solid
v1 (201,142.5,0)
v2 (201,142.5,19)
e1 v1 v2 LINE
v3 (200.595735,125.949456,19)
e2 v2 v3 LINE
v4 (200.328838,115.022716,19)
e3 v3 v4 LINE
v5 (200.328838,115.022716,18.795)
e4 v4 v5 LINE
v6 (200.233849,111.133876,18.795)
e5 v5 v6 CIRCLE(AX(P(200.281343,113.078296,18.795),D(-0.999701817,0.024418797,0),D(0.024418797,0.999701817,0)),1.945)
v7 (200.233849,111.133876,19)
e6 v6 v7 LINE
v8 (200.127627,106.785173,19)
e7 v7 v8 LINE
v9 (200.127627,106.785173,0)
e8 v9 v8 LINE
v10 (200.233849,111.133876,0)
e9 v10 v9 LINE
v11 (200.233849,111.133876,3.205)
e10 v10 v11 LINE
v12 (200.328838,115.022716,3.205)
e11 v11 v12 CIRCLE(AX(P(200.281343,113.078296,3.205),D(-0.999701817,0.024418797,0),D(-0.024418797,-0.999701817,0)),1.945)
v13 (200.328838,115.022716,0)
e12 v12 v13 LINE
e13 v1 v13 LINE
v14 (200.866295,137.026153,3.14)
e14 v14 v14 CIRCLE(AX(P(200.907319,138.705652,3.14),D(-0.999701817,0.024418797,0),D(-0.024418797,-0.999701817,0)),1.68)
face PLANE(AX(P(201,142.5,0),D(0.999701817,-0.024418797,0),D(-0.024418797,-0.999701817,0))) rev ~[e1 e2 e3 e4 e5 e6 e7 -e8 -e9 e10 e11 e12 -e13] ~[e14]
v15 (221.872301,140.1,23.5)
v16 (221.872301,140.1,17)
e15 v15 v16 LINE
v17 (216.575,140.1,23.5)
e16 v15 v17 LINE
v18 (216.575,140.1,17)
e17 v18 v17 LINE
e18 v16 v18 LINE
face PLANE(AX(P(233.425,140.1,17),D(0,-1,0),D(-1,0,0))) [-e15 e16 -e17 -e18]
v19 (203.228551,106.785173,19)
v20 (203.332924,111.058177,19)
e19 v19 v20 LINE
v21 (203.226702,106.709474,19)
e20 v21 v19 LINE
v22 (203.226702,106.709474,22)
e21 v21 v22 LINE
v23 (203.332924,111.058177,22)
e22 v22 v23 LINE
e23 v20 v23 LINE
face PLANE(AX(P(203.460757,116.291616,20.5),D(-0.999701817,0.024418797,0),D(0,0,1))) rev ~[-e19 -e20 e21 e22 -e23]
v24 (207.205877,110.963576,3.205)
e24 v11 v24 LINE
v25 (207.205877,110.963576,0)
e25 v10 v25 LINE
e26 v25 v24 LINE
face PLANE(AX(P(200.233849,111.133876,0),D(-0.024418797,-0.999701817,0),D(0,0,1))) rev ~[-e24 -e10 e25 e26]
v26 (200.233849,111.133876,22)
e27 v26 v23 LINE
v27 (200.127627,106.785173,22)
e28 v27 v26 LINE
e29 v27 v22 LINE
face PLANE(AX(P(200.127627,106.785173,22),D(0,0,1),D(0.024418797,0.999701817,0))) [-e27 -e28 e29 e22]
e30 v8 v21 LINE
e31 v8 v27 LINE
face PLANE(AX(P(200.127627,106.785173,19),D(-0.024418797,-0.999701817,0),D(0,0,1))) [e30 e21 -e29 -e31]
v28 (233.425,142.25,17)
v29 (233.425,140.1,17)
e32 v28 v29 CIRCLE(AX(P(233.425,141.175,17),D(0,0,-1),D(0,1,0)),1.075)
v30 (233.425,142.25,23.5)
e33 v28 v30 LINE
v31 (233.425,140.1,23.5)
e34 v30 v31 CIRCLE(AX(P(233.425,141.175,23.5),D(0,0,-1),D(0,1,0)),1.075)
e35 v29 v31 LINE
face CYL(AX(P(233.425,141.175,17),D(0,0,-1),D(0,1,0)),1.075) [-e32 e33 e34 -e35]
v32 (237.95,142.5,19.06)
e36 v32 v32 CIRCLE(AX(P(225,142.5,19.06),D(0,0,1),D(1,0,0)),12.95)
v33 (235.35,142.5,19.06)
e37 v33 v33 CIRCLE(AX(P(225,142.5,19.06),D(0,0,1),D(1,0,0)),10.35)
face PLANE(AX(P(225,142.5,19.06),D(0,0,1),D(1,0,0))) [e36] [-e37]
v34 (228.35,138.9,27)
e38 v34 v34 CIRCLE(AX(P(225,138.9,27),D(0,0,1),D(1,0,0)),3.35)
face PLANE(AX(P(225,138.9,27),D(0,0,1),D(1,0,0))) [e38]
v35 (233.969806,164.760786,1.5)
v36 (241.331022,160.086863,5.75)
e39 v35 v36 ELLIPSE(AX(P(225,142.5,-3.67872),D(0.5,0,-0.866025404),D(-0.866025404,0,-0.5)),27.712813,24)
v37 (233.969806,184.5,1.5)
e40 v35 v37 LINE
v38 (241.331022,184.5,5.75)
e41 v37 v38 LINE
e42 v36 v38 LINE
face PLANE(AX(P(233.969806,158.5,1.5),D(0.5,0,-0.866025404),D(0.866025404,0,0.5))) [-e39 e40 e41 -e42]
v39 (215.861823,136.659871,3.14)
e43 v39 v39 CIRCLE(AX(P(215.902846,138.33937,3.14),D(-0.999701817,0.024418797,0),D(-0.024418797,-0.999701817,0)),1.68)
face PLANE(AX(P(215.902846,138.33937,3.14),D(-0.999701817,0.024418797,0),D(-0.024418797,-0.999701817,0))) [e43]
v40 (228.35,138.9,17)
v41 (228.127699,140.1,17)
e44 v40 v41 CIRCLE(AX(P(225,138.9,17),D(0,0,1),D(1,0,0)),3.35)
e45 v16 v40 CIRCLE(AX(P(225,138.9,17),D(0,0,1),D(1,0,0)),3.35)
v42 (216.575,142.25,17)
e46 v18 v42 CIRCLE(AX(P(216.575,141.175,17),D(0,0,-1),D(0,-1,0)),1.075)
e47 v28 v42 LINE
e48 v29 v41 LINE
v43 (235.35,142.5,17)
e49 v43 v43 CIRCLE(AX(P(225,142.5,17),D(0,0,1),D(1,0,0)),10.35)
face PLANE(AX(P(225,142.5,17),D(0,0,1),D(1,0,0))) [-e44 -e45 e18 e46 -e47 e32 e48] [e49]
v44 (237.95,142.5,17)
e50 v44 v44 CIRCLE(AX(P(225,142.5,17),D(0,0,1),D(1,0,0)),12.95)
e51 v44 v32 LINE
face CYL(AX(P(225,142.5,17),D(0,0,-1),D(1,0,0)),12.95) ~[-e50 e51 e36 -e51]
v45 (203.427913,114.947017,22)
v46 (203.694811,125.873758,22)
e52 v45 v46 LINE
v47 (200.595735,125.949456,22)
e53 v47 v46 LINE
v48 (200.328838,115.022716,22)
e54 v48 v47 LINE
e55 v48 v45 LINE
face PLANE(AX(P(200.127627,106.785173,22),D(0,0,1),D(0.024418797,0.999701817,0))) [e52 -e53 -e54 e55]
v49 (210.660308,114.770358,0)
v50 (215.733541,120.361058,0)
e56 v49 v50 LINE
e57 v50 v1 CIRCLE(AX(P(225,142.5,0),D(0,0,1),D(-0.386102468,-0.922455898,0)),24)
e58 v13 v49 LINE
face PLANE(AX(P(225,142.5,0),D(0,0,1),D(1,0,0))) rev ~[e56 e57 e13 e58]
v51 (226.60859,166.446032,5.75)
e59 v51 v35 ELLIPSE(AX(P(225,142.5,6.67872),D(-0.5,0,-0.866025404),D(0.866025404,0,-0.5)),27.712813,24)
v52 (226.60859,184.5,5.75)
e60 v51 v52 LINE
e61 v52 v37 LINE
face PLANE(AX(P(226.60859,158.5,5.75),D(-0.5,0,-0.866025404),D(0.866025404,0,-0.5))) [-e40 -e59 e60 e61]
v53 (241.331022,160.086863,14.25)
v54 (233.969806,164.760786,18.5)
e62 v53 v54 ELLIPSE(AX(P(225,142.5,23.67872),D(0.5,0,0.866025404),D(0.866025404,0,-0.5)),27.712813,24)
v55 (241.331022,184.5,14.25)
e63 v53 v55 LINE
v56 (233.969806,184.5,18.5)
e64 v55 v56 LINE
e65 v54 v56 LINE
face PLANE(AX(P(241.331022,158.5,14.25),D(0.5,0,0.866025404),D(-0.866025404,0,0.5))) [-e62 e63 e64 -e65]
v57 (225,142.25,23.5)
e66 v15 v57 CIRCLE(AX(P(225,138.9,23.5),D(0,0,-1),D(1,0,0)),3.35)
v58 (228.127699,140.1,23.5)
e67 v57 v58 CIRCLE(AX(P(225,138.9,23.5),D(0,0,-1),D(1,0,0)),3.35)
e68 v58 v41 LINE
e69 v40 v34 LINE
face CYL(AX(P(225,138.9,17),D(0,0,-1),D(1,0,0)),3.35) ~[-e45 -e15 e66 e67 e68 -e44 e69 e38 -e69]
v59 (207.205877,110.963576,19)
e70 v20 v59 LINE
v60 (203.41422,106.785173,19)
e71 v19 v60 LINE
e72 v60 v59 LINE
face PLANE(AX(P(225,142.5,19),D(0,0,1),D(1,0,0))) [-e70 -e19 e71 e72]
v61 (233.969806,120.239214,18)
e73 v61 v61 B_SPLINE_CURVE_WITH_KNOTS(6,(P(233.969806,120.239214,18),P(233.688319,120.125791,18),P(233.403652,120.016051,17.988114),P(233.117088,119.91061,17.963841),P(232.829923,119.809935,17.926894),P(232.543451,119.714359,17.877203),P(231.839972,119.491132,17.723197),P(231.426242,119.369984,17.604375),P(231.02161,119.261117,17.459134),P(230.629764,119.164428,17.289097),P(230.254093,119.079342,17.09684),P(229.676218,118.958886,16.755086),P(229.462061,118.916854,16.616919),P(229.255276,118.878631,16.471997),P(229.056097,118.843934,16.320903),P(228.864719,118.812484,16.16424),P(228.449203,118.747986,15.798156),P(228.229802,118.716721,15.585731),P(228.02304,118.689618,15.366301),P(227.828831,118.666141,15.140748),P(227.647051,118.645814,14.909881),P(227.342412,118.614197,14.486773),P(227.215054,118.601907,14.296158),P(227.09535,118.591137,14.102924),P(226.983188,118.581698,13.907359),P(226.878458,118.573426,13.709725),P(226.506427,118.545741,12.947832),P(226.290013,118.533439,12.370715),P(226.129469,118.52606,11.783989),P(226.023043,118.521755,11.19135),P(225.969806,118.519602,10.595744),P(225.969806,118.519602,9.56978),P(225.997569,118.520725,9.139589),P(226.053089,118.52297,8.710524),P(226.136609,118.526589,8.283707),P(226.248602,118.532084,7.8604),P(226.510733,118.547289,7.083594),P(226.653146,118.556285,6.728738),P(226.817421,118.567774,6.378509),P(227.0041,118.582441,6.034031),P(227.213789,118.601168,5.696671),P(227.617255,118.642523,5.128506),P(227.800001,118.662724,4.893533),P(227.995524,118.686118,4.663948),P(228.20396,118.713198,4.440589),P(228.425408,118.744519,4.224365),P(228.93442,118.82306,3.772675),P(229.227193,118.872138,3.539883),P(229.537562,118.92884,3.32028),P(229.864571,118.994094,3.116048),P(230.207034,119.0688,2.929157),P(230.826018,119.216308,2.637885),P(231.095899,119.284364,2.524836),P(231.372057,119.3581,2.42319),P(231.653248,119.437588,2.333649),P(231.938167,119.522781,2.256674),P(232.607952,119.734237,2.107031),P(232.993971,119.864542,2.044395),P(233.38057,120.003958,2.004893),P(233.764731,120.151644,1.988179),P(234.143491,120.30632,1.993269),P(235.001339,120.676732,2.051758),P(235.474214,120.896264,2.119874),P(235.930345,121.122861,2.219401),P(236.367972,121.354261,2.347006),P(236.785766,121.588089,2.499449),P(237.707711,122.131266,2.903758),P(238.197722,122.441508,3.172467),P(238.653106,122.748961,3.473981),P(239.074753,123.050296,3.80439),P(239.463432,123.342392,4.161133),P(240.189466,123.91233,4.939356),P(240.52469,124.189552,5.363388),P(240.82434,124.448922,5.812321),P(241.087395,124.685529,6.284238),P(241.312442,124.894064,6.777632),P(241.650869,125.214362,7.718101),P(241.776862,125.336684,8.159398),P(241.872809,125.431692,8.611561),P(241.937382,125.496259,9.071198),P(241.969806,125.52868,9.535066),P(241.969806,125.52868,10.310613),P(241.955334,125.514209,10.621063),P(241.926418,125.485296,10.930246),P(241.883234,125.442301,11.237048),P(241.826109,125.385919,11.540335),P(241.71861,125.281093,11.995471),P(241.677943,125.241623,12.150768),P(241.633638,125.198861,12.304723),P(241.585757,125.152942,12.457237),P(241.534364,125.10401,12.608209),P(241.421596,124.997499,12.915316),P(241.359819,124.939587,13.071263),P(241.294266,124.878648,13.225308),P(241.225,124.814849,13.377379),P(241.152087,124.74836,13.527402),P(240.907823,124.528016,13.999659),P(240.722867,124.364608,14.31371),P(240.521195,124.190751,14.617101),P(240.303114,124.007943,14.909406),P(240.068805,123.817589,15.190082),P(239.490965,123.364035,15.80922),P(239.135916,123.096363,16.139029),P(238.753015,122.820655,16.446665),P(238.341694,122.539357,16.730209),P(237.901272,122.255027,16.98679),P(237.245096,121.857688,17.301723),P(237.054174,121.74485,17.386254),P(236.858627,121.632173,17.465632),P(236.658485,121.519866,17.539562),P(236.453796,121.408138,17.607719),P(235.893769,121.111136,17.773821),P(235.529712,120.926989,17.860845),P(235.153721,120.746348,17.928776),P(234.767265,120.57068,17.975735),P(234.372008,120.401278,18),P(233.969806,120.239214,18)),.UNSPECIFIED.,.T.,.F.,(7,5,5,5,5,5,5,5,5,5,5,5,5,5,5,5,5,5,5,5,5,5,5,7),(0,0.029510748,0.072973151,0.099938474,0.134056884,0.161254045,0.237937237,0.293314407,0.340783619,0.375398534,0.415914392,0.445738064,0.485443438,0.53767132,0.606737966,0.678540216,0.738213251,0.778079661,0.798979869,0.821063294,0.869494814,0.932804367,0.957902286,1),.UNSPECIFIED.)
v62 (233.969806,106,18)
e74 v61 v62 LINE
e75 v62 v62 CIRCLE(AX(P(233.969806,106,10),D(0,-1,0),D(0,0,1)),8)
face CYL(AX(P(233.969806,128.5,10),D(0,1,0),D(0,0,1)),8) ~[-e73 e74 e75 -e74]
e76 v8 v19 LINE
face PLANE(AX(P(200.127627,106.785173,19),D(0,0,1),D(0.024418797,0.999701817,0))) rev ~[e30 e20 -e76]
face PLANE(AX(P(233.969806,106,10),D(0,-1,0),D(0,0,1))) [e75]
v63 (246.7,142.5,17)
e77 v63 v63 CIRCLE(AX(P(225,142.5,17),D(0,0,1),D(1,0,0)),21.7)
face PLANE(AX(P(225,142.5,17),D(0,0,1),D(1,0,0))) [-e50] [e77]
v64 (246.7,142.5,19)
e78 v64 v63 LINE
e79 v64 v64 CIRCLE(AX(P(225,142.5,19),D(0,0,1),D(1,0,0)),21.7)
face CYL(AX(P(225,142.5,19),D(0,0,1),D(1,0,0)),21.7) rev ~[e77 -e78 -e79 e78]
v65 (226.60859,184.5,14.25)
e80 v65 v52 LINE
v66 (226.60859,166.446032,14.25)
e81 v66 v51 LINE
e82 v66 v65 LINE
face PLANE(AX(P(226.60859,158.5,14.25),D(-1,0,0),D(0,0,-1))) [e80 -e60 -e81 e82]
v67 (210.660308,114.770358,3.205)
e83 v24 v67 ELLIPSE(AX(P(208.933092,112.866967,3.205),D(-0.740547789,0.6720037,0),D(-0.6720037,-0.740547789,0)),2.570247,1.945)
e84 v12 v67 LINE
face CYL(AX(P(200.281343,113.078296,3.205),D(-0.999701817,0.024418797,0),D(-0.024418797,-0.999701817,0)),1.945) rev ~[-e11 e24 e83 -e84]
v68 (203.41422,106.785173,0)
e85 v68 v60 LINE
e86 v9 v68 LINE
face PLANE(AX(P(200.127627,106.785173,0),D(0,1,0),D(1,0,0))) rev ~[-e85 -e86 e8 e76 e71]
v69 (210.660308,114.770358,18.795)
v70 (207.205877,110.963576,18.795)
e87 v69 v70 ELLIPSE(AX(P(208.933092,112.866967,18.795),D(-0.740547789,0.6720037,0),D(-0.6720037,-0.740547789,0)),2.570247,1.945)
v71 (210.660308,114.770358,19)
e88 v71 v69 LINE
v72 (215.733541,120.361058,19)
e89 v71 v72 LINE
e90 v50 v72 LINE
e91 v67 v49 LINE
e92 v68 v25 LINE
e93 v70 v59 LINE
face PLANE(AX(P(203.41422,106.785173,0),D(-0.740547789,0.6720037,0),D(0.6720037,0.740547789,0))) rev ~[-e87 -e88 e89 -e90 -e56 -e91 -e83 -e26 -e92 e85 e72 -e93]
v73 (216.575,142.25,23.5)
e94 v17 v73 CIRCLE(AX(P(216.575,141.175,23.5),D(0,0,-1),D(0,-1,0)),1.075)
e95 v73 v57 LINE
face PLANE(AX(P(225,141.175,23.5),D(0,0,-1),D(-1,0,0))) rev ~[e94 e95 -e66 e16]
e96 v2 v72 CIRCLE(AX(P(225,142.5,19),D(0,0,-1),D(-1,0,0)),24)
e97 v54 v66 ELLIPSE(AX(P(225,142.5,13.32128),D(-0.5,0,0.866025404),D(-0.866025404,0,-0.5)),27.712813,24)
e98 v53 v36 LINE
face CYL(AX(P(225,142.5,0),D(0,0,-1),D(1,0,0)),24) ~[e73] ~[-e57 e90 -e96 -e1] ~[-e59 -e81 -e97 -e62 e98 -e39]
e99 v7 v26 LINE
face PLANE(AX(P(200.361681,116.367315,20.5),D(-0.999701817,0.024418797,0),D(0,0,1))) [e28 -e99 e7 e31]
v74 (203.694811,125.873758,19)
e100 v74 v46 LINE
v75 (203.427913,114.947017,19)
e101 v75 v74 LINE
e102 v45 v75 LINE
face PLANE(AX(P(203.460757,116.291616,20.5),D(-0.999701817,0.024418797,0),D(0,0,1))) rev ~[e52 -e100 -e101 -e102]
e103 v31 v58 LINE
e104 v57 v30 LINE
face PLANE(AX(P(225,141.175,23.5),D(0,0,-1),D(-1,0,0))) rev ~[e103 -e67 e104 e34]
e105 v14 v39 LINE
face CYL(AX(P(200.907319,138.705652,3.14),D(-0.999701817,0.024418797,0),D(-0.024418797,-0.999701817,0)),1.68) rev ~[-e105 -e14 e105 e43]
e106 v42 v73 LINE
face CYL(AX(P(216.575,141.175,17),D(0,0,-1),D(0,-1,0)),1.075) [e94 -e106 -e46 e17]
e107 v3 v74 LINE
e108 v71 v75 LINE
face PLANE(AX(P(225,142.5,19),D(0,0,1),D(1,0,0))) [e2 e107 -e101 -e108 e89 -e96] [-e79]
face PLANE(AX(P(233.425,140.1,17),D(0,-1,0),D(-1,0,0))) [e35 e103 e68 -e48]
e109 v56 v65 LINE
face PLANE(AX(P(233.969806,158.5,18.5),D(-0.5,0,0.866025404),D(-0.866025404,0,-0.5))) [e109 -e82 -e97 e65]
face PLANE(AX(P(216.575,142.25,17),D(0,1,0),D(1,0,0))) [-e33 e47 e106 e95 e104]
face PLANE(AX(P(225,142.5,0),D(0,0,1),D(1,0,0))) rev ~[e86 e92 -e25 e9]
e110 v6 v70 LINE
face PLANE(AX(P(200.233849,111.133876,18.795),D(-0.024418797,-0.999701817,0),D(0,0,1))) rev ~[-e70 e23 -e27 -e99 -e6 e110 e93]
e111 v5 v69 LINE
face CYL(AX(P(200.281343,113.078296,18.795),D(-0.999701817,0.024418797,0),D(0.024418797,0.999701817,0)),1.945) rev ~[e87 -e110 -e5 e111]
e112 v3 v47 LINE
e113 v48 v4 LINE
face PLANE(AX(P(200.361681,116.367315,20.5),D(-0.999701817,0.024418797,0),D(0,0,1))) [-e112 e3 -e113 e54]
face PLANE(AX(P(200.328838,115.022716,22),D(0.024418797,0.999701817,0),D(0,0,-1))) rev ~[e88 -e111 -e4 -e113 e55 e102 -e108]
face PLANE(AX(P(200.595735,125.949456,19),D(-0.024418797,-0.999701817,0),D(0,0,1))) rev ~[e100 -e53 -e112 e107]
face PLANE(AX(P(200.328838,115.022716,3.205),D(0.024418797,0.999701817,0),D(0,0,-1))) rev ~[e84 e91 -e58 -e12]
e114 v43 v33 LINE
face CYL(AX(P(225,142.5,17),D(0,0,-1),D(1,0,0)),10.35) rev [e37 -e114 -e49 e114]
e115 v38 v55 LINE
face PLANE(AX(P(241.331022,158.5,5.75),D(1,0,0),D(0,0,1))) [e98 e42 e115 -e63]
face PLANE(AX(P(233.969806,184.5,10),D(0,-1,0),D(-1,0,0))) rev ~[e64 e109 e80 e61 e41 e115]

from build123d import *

# Parameters (mm, degrees)
SKETCH3_R           = 24
BOSS_EXTRUDE1_DEPTH = 19
BOSS_EXTRUDE2_DEPTH = 19
SKETCH7_R           = 8
BOSS_EXTRUDE3_DEPTH = 22.5
BOSS_EXTRUDE4_DEPTH = 26
SKETCH9_W           = 3
SKETCH9_H           = 19.17
BOSS_EXTRUDE5_DEPTH = 3.1
SKETCH10_R          = 1.68
CUT_EXTRUDE1_DEPTH  = 15
SKETCH11_R          = 21.7
CUT_EXTRUDE2_DEPTH  = 2
SKETCH12_R          = 12.95
SKETCH12_R_2        = 10.35
BOSS_EXTRUDE6_DEPTH = 2.06
SKETCH13_R          = 3.35
BOSS_EXTRUDE7_DEPTH = 10
BOSS_EXTRUDE8_DEPTH = 6.5


with BuildPart() as part:
    # Sketch3 → Boss-Extrude1 (new body)
    with BuildSketch(Plane.XY):
        with Locations((225, 142.5)):
            Circle(SKETCH3_R)
    extrude(amount=BOSS_EXTRUDE1_DEPTH)

    # Sketch5 → Boss-Extrude2 (add)
    with BuildSketch(Plane.XY):
        with BuildLine():
            Line((201, 142.5), (200.127626755, 106.785172639))
            Line((200.127626755, 106.785172639), (203.414220338, 106.785172639))
            Line((203.414220338, 106.785172639), (215.733540757, 120.361058447))
            ThreePointArc((215.733540757, 120.361058447), (205.020072299, 129.203290291), (201, 142.5))
        make_face()
    extrude(amount=BOSS_EXTRUDE2_DEPTH)

    # Sketch7 → Boss-Extrude3 (add)
    with BuildSketch(Plane(origin=(0, 128.5, 0), x_dir=(-1, 0, 0), z_dir=(0, -1, 0))):
        with Locations((-233.969805688, -10)):
            Circle(SKETCH7_R)
    extrude(amount=BOSS_EXTRUDE3_DEPTH)

    # Sketch8 → Boss-Extrude4 (add)
    with BuildSketch(Plane(origin=(0, 158.5, 0), x_dir=(-1, 0, 0), z_dir=(0, -1, 0))):
        Polygon((-241.33102162, -5.75), (-241.33102162, -14.25), (-233.969805688, -18.5), (-226.608589756, -14.25), (-226.608589756, -5.75), (-233.969805688, -1.5), align=None)
    extrude(amount=-BOSS_EXTRUDE4_DEPTH)

    # Sketch9 → Boss-Extrude5 (add)
    with BuildSketch(Plane(origin=(197.401507206, -4.821745091, 0), x_dir=(0, 0, 1), z_dir=(-0.999701816720525, 0.024418796974499463, 0))):
        with Locations((20.5, 121.225206973)):
            Rectangle(SKETCH9_W, SKETCH9_H)
    extrude(amount=-BOSS_EXTRUDE5_DEPTH)

    # Sketch10 → Cut-Extrude1 (cut)
    with BuildSketch(Plane(origin=(197.401507206, -4.821745091, 0), x_dir=(0, 0, 1), z_dir=(-0.9997018167205249, 0.02441879697449946, 0))):
        with Locations((3.14, 143.570206973)):
            Circle(SKETCH10_R)
        with BuildLine():
            Line((0, 119.880206973), (0, 115.990206973))
            Line((0, 115.990206973), (3.205, 115.990206973))
            ThreePointArc((3.205, 115.990206973), (5.15, 117.935206973), (3.205, 119.880206973))
            Line((3.205, 119.880206973), (0, 119.880206973))
        make_face()
        with BuildLine():
            Line((22, 115.990206973), (22, 119.880206973))
            Line((22, 119.880206973), (18.795, 119.880206973))
            ThreePointArc((18.795, 119.880206973), (16.85, 117.935206973), (18.795, 115.990206973))
            Line((18.795, 115.990206973), (22, 115.990206973))
        make_face()
    extrude(amount=-CUT_EXTRUDE1_DEPTH, mode=Mode.SUBTRACT)

    # Sketch11 → Cut-Extrude2 (cut)
    with BuildSketch(Plane.XY.offset(19)):
        with Locations((225, 142.5)):
            Circle(SKETCH11_R)
    extrude(amount=-CUT_EXTRUDE2_DEPTH, mode=Mode.SUBTRACT)

    # Sketch12 → Boss-Extrude6 (add)
    with BuildSketch(Plane.XY.offset(17)):
        with Locations((225, 142.5)):
            Circle(SKETCH12_R)
        with Locations((225, 142.5)):
            Circle(SKETCH12_R_2, mode=Mode.SUBTRACT)
    extrude(amount=BOSS_EXTRUDE6_DEPTH)

    # Sketch13 → Boss-Extrude7 (add)
    with BuildSketch(Plane.XY.offset(17)):
        with Locations((225, 138.9)):
            Circle(SKETCH13_R)
    extrude(amount=BOSS_EXTRUDE7_DEPTH)

    # Sketch14 → Boss-Extrude8 (add)
    with BuildSketch(Plane.XY.offset(17)):
        with BuildLine():
            Line((216.575, 142.25), (233.425, 142.25))
            ThreePointArc((233.425, 142.25), (234.5, 141.175), (233.425, 140.1))
            Line((233.425, 140.1), (216.575, 140.1))
            ThreePointArc((216.575, 140.1), (215.5, 141.175), (216.575, 142.25))
        make_face()
    extrude(amount=BOSS_EXTRUDE8_DEPTH)


solid = part.part
